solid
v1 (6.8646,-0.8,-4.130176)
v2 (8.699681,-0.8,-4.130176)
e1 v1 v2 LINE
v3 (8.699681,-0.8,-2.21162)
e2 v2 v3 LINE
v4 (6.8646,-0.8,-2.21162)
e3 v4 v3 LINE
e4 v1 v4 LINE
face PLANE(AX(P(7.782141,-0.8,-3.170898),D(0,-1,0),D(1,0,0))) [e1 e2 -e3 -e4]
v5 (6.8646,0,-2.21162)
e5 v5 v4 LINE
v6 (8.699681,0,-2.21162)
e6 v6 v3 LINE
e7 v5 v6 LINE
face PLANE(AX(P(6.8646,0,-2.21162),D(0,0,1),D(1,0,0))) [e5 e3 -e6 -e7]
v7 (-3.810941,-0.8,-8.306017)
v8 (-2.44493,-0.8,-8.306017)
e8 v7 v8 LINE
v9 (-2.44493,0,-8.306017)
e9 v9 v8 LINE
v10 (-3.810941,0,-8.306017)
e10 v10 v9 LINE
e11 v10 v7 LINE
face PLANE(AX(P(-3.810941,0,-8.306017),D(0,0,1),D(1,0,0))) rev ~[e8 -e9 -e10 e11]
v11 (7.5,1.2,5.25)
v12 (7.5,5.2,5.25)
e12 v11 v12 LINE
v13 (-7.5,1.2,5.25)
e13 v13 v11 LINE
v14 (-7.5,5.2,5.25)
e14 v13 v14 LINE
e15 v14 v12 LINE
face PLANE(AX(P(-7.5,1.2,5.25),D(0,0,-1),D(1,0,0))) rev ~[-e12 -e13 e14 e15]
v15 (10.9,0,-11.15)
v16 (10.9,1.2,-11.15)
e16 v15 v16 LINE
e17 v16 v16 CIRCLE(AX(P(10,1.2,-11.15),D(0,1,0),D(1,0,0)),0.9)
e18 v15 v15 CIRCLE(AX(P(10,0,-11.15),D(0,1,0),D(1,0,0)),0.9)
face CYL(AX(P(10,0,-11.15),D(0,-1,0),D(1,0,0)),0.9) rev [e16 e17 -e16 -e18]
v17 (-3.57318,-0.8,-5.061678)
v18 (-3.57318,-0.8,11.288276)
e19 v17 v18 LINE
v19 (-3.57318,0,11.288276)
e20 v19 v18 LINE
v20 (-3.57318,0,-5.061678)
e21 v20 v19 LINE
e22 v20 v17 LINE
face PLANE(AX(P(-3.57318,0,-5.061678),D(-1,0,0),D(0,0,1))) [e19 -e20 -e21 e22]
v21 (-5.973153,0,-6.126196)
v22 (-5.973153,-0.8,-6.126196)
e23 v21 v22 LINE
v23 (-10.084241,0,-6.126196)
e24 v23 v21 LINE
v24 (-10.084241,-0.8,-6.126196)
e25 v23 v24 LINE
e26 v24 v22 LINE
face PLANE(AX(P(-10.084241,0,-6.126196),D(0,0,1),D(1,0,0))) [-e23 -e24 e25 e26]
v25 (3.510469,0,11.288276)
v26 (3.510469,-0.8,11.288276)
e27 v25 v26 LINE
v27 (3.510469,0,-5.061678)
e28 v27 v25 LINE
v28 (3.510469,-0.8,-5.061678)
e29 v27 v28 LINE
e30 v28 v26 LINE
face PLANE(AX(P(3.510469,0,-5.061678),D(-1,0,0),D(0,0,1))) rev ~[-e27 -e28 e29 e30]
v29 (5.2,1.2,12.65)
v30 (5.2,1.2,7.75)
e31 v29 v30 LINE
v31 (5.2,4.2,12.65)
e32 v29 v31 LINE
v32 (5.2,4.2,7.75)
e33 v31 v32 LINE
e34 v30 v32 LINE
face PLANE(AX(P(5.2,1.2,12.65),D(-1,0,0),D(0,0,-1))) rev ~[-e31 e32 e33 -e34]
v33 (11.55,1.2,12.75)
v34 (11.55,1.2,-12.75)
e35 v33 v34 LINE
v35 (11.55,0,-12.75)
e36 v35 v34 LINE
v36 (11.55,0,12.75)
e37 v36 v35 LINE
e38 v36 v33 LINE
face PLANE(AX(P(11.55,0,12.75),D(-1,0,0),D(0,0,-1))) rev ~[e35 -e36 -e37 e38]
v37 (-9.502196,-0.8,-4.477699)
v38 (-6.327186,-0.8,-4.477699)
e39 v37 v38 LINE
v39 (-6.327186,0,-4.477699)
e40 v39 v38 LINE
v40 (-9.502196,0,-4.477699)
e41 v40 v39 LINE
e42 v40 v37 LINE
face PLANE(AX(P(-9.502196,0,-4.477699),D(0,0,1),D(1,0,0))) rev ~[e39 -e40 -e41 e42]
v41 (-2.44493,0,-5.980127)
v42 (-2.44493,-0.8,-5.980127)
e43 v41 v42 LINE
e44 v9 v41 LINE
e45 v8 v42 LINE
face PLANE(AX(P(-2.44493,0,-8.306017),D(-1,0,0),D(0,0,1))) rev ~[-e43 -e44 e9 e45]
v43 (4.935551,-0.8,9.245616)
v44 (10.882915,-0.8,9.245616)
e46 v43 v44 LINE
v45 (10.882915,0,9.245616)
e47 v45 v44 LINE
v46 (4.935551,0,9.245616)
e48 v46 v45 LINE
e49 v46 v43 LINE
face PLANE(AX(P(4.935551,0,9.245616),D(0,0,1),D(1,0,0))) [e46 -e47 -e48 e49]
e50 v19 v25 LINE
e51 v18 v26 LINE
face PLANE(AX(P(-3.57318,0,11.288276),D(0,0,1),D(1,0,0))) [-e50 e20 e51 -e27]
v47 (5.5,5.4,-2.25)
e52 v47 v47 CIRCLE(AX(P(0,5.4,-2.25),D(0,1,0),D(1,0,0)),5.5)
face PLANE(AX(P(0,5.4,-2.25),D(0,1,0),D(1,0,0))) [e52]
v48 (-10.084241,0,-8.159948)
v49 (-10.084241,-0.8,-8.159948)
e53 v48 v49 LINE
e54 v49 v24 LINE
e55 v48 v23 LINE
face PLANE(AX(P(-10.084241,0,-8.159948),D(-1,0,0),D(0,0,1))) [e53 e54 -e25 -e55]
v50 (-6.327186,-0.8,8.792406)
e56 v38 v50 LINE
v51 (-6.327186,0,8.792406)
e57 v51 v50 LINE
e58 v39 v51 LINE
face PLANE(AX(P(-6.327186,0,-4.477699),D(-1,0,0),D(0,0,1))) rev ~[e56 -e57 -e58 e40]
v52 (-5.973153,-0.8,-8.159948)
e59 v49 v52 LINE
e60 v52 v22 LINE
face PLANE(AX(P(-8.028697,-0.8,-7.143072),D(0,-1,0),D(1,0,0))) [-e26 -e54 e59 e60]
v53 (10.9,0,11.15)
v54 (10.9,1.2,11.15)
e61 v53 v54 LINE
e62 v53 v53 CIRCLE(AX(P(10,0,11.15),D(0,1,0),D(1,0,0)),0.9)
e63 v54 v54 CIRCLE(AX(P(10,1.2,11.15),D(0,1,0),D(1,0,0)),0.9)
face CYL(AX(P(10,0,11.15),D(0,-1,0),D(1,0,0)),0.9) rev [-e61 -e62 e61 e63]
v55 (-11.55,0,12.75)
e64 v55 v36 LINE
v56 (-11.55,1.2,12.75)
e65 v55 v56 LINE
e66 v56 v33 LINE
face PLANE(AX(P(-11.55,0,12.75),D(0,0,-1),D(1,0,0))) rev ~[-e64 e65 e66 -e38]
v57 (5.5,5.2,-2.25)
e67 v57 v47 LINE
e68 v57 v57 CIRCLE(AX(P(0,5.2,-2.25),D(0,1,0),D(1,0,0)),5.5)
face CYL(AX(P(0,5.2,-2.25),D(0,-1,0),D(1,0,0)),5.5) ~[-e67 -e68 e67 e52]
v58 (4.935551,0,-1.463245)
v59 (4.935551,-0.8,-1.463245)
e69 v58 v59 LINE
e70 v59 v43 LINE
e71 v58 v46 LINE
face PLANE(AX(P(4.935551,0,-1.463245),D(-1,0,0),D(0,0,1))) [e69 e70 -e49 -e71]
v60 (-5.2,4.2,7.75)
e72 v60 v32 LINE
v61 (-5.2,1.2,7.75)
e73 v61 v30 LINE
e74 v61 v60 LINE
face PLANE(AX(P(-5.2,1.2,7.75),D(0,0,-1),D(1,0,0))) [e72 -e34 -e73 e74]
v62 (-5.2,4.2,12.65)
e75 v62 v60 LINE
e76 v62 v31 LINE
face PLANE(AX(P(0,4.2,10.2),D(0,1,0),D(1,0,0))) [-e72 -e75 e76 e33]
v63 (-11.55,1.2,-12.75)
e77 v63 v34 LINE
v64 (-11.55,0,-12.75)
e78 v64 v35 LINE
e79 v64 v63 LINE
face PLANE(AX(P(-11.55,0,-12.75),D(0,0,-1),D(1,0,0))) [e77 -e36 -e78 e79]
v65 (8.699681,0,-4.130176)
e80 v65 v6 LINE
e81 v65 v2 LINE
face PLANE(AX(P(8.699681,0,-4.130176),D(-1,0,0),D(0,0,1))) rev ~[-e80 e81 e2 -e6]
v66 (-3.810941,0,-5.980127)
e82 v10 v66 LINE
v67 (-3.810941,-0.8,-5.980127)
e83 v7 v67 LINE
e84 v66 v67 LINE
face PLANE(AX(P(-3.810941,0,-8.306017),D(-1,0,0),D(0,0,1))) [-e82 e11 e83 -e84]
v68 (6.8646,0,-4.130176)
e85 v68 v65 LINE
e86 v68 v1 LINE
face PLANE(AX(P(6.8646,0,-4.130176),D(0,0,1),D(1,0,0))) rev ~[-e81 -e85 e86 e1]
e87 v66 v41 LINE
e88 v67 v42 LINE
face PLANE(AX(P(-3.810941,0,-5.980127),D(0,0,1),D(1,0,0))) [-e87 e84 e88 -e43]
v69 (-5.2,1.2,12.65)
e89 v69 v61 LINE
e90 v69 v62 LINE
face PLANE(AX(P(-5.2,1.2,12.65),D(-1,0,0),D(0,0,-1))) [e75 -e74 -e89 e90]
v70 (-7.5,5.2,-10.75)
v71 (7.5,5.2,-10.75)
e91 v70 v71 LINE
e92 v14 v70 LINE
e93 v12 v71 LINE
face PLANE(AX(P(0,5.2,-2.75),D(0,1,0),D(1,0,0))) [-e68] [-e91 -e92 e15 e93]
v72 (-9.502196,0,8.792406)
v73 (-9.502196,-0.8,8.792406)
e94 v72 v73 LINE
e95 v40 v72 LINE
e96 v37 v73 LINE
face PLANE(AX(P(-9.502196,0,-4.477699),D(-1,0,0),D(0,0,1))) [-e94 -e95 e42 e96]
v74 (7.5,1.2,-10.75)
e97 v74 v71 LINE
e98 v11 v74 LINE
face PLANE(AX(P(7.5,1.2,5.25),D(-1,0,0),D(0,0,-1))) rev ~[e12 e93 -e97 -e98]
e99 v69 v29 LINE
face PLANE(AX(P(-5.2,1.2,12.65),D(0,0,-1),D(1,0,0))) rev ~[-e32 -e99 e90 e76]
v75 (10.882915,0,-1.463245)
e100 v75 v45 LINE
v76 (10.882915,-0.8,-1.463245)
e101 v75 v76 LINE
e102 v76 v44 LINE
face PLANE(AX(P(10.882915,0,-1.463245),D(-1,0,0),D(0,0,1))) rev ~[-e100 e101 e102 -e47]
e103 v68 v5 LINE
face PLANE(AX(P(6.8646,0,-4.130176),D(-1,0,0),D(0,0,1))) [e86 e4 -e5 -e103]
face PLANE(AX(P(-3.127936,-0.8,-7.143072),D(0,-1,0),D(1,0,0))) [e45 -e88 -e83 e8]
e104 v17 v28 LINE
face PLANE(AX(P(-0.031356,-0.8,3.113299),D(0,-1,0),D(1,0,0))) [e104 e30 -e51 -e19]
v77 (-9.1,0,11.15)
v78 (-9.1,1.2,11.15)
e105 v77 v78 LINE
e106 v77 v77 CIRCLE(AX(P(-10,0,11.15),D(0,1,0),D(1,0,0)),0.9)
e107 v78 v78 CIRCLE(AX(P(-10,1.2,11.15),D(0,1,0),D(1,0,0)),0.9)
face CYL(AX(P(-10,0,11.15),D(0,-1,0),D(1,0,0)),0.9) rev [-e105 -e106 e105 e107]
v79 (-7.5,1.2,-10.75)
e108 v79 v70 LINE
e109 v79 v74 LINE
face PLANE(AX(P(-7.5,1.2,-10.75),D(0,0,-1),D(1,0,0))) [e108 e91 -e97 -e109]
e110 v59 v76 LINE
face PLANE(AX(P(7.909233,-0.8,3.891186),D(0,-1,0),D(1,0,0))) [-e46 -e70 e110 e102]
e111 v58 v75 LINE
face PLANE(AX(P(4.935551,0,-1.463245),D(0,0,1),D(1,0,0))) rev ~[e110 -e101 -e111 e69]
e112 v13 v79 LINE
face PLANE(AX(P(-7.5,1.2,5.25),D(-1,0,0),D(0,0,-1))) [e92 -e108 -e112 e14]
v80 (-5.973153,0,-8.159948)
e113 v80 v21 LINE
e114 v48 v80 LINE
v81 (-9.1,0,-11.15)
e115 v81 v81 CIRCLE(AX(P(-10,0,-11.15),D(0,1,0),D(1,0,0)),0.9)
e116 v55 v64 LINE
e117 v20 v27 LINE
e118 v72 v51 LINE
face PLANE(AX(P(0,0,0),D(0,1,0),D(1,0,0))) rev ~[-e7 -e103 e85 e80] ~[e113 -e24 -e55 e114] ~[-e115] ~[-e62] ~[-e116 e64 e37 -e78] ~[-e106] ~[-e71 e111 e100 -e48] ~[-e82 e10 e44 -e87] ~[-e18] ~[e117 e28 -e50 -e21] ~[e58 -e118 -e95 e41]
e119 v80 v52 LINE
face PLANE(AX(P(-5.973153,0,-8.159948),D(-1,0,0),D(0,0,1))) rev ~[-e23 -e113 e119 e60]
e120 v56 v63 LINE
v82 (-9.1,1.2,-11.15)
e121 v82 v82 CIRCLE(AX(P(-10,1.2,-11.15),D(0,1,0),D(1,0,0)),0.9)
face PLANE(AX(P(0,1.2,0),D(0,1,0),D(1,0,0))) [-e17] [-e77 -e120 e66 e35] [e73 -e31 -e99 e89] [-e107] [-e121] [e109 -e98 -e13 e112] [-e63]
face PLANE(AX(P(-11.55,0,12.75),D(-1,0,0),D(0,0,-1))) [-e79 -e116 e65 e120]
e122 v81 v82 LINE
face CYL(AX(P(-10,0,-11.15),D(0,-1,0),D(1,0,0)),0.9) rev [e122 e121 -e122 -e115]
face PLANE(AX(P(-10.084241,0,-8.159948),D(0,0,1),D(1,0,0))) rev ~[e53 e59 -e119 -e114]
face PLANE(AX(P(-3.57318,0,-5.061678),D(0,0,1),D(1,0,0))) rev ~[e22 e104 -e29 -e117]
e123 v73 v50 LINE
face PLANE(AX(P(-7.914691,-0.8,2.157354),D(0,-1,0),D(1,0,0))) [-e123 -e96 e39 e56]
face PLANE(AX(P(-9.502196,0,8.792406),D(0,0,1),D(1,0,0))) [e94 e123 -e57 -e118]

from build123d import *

# Parameters (mm, degrees)
SKETCH_1_W      = 23.1
SKETCH_1_H      = 25.5
SKETCH_1_R      = 0.9
EXTRUDE_1_DEPTH = 1.2
SKETCH_2_W      = 15
SKETCH_2_H      = 16
EXTRUDE_2_DEPTH = 4
SKETCH_3_R      = 5.5
EXTRUDE_3_DEPTH = 0.2
SKETCH_4_W      = 10.4
SKETCH_4_H      = 4.9
EXTRUDE_4_DEPTH = 3
SKETCH_5_W      = 7.083649358
SKETCH_5_H      = 16.349953635
SKETCH_5_W_2    = 1.366011138
SKETCH_5_H_2    = 2.325890212
SKETCH_5_W_3    = 1.835080991
SKETCH_5_H_3    = 1.91855554
SKETCH_5_W_4    = 3.175010274
SKETCH_5_H_4    = 13.27010499
SKETCH_5_W_5    = 4.111087422
SKETCH_5_H_5    = 2.03375188
SKETCH_5_W_6    = 5.947363934
SKETCH_5_H_6    = 10.708861721
EXTRUDE_5_DEPTH = 0.8


with BuildPart() as part:
    # 草图1 → 凸台-拉伸1 (new body)
    with BuildSketch(Plane(origin=(0, 0, 0), x_dir=(1, 0, 0), z_dir=(0, 1, 0))):
        Rectangle(SKETCH_1_W, SKETCH_1_H)
        with Locations((10, 11.15)):
            Circle(SKETCH_1_R, mode=Mode.SUBTRACT)
        with Locations((-10, 11.15)):
            Circle(SKETCH_1_R, mode=Mode.SUBTRACT)
        with Locations((10, -11.15)):
            Circle(SKETCH_1_R, mode=Mode.SUBTRACT)
        with Locations((-10, -11.15)):
            Circle(SKETCH_1_R, mode=Mode.SUBTRACT)
    extrude(amount=EXTRUDE_1_DEPTH)

    # 草图2 → 凸台-拉伸2 (add)
    with BuildSketch(Plane(origin=(0, 1.2, 0), x_dir=(1, 0, 0), z_dir=(0, 1, 0))):
        with Locations((0, 2.75)):
            Rectangle(SKETCH_2_W, SKETCH_2_H)
    extrude(amount=EXTRUDE_2_DEPTH)

    # 草图3 → 凸台-拉伸3 (add)
    with BuildSketch(Plane(origin=(0, 5.2, 0), x_dir=(1, 0, 0), z_dir=(0, 1, 0))):
        with Locations((0, 2.25)):
            Circle(SKETCH_3_R)
    extrude(amount=EXTRUDE_3_DEPTH)

    # 草图4 → 凸台-拉伸4 (add)
    with BuildSketch(Plane(origin=(0, 1.2, 0), x_dir=(1, 0, 0), z_dir=(0, 1, 0))):
        with Locations((0, -10.2)):
            Rectangle(SKETCH_4_W, SKETCH_4_H)
    extrude(amount=EXTRUDE_4_DEPTH)

    # 草图5 → 凸台-拉伸5 (add)
    with BuildSketch(Plane.XZ):
        with Locations((-0.031355778, 3.113299148)):
            Rectangle(SKETCH_5_W, SKETCH_5_H)
        with Locations((-3.127935708, -7.143071696)):
            Rectangle(SKETCH_5_W_2, SKETCH_5_H_2)
        with Locations((7.782140552, -3.170898119)):
            Rectangle(SKETCH_5_W_3, SKETCH_5_H_3)
        with Locations((-7.914690991, 2.157353718)):
            Rectangle(SKETCH_5_W_4, SKETCH_5_H_4)
        with Locations((-8.028697172, -7.143071696)):
            Rectangle(SKETCH_5_W_5, SKETCH_5_H_5)
        with Locations((7.909232795, 3.891185517)):
            Rectangle(SKETCH_5_W_6, SKETCH_5_H_6)
    extrude(amount=EXTRUDE_5_DEPTH)


solid = part.part
